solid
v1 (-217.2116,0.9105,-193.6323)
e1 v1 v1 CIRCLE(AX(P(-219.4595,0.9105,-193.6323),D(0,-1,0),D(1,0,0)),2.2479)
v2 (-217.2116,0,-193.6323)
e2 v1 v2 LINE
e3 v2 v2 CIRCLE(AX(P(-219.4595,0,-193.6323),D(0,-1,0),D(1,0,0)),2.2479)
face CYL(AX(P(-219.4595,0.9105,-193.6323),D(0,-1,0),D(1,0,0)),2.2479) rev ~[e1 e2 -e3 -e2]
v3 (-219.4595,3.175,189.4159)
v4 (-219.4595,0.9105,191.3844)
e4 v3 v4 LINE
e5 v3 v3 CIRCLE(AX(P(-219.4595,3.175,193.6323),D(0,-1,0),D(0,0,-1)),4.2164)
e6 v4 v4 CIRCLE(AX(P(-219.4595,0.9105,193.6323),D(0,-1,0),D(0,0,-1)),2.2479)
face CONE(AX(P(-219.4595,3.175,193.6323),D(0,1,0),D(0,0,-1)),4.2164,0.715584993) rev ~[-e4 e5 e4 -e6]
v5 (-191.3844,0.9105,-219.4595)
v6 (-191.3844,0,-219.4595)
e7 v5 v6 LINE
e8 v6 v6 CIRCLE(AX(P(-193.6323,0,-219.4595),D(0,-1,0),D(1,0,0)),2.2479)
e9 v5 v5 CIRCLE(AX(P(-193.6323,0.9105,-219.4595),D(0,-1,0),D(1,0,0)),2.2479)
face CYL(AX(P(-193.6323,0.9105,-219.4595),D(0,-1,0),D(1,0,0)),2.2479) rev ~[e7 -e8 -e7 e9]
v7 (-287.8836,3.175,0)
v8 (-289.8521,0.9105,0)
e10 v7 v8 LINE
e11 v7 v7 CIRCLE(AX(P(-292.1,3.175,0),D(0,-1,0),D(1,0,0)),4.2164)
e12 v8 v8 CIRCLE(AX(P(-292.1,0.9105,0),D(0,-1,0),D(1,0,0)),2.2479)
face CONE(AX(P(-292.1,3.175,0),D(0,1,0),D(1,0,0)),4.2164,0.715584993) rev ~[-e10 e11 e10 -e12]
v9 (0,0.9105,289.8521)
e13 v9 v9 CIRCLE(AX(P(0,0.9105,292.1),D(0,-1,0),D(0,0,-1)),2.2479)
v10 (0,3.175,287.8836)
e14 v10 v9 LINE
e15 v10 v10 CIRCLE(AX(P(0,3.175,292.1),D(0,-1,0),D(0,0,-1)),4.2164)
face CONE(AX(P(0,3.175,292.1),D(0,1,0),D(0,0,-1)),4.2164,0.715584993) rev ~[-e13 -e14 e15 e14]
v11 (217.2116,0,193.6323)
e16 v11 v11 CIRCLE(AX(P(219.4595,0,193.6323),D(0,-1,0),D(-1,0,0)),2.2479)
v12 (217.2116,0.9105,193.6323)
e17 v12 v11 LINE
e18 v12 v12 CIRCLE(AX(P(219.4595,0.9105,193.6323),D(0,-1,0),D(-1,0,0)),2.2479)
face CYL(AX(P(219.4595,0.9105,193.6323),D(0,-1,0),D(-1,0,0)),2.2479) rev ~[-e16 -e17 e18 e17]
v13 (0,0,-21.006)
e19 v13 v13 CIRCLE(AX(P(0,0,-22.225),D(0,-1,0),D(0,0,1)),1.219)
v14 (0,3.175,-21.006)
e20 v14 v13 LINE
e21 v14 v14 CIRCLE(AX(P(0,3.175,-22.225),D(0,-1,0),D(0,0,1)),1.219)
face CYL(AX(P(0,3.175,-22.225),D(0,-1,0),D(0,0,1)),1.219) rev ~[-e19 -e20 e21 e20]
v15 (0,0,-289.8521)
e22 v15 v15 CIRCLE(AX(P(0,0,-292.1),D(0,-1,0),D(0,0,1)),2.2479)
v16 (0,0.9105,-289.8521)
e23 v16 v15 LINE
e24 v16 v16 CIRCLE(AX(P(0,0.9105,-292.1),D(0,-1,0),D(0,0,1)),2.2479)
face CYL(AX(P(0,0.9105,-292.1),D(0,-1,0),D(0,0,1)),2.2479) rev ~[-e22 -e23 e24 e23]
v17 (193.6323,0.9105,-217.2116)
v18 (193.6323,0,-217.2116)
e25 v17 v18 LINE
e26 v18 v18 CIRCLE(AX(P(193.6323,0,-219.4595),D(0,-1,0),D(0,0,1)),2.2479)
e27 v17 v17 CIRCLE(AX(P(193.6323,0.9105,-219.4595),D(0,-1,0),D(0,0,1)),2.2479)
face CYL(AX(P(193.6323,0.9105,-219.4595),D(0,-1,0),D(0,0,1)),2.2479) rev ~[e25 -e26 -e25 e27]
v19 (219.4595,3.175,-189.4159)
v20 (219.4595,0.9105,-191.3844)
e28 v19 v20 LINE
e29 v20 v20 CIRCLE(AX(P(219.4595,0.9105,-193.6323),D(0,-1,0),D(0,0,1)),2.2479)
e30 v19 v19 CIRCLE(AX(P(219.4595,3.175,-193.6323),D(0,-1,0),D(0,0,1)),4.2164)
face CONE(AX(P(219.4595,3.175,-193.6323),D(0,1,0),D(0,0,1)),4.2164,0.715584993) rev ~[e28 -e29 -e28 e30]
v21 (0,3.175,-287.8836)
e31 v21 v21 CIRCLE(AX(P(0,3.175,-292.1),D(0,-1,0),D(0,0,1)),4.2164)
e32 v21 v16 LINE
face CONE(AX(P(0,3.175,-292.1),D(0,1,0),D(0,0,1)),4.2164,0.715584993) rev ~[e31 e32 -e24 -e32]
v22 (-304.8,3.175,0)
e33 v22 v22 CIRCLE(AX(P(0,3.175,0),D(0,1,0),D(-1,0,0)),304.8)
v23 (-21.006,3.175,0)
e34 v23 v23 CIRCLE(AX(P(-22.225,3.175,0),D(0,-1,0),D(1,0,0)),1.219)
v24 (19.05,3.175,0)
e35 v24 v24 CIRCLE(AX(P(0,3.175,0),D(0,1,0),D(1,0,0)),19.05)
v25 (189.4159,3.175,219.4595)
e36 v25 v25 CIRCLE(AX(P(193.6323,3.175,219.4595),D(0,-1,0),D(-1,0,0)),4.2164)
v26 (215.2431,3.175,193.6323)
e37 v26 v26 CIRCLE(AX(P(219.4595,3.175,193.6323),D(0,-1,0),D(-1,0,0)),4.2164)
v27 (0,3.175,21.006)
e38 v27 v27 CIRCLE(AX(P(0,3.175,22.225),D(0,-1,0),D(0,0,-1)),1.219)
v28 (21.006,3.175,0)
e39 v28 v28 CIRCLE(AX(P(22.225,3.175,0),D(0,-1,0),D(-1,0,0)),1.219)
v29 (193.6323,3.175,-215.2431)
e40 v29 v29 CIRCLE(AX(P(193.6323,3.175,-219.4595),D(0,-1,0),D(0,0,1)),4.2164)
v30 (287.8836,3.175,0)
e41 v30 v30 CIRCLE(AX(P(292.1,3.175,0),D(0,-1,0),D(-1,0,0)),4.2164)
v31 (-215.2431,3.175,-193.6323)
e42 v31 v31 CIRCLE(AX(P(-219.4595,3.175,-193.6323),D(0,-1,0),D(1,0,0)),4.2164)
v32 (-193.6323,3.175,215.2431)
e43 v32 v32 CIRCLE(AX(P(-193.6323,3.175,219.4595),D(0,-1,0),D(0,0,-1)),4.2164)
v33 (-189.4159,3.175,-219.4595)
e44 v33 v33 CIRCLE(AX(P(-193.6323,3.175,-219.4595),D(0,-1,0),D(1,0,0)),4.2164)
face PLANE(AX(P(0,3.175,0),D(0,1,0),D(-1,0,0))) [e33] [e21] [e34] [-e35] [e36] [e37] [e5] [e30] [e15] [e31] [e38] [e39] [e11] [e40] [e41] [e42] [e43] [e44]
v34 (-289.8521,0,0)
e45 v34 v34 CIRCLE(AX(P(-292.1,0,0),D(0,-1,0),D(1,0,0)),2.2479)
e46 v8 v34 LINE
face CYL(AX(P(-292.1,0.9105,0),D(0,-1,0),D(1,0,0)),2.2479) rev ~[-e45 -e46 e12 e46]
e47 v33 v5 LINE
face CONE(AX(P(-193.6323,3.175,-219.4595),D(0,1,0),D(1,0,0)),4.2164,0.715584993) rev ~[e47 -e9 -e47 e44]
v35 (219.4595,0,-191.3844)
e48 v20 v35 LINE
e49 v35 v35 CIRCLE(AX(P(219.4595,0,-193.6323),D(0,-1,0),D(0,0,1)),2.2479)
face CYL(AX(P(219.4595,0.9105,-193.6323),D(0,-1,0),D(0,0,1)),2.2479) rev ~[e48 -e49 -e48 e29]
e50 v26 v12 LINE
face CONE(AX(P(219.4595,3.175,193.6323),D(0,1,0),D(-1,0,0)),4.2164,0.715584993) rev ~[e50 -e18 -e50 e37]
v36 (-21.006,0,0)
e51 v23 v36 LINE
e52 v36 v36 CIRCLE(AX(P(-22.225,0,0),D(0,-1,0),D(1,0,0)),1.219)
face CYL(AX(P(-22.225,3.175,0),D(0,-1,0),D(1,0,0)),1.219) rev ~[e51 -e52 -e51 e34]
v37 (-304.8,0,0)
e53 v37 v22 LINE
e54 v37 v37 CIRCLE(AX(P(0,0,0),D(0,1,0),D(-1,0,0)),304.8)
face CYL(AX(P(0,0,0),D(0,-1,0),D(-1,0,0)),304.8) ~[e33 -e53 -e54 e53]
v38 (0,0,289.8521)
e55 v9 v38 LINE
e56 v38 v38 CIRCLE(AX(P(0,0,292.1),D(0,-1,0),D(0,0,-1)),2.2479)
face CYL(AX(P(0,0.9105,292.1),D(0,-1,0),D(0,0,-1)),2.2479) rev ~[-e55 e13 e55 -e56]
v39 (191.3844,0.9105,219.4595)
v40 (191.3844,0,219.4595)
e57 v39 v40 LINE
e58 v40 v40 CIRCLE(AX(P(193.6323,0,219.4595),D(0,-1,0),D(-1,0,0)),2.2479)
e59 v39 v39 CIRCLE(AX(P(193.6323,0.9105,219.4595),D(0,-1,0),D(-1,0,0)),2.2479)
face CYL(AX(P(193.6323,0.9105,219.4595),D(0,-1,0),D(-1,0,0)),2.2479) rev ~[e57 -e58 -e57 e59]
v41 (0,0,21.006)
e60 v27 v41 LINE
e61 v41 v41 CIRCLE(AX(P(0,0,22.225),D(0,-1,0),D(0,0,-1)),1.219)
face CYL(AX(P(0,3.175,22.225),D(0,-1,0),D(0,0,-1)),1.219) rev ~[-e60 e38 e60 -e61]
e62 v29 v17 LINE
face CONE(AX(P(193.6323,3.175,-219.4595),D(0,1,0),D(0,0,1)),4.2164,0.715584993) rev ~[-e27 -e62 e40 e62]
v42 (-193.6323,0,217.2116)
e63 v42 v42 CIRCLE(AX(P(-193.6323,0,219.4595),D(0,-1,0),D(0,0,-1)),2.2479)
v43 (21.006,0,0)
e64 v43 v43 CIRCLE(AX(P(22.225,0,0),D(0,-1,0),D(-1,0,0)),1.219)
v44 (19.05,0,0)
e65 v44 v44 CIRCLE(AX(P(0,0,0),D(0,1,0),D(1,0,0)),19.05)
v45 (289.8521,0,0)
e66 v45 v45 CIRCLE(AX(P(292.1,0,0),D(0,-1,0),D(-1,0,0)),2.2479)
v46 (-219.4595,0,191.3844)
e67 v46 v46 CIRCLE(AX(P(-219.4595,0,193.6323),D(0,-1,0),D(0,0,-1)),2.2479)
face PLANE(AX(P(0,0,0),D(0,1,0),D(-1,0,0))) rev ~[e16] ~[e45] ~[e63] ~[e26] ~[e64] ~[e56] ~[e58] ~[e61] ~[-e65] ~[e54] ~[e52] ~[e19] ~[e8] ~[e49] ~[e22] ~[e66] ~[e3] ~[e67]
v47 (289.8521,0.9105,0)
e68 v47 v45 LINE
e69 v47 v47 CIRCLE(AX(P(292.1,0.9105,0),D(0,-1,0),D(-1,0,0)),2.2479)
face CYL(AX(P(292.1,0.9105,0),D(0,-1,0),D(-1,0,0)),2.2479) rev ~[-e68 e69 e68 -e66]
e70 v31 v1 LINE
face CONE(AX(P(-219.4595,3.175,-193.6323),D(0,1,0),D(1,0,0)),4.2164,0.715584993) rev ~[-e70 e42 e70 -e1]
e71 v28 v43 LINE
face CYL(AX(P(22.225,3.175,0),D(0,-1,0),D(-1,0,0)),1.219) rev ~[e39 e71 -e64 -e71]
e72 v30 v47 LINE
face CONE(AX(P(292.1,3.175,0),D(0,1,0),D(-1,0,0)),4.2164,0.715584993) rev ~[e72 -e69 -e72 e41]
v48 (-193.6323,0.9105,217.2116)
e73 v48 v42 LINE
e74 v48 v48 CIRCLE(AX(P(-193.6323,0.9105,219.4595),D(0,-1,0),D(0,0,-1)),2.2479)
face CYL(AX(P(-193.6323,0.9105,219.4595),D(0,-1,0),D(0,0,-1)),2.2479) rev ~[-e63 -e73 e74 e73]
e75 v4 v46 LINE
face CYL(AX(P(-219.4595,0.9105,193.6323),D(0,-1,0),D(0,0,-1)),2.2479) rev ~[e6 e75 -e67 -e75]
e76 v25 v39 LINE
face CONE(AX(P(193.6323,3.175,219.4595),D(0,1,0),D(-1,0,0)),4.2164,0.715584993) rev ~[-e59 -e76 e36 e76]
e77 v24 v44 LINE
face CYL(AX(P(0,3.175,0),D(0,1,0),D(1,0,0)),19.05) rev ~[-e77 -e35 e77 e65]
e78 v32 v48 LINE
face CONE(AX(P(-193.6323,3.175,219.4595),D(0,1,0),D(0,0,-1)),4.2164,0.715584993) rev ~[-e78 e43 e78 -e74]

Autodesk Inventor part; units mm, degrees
ref_plane "YZ Plane" through (0, 0, 0) normal (1, 0, 0) x (0, 1, 0)
ref_plane "XZ Plane" through (0, 0, 0) normal (0, 1, 0) x (-1, 0, 0)
ref_plane "XY Plane" through (0, 0, 0) normal (0, 0, 1) x (1, 0, 0)
sketch "Sketch1" plane through (0, 0, 0) normal (0, 1, 0) x (-1, 0, 0)
  circle A0 centre (0, 0) radius 304.8
  dimension "d0" = 609.6
extrude "Extrusion1" add sketch "Sketch1" along normal blind 3.175
sketch "Sketch2" plane through (0, 3.175, 0) normal (0, 1, 0) x (1, 0, 0)
  circle A0 centre (0, 0) radius 304.8 projected
  circle A1 centre (0, 0) radius 19.05
  dimension "d3" = 38.1
extrude "Extrusion2" cut sketch "Sketch2" against normal blind 3.175 contours A1
sketch "Sketch3" plane through (0, 3.175, 0) normal (0, 1, 0) x (1, 0, 0)
  circle A0 centre (0, 0) radius 19.05 projected
  circle A1 centre (0, 292.1) radius 4.6302
  dimension "d6" = 292.1
hole "Hole1" at (0, 3.175, -292.1) direction (0, -1, 0) diameter 4.4958 end through all countersink diameter 8.4328 countersink angle 82
pattern_circular "Circular Pattern1" count 4 over 360 about axis through (0, 3.175, 0) along (0, -1, 0) of "Hole1"
sketch "Sketch4" plane through (0, 3.175, 0) normal (0, 1, 0) x (1, 0, 0)
  circle A0 centre (0, 0) radius 304.8 projected
  line L0 (0, 0) -> (304.8, 0) construction
  line L1 (0, 0) -> (206.5459, 206.5459) construction
  line L2 (193.6323, 219.4595) -> (-44.0898, -18.2626) construction
  line L3 (-44.0898, -18.2626) -> (304.8, -18.2626) construction
  line L4 (219.4595, 193.6323) -> (44.0898, 18.2626) construction
  line L5 (44.0898, 18.2626) -> (304.8, 18.2626) construction
  circle A1 centre (193.6323, 219.4595) radius 4.0648
  circle A2 centre (219.4595, 193.6323) radius 4.0772
  dimension "d20" = 292.1
  dimension "d21" = 45
  dimension "d22" = 18.2626
  dimension "d23" = 18.2626
hole "Hole2" at (193.6323, 3.175, -219.4595) at (219.4595, 3.175, -193.6323) direction (0, -1, 0) diameter 4.4958 end through all countersink diameter 8.4328 countersink angle 82
pattern_circular "Circular Pattern2" count 4 over 360 about axis through (0, 3.175, 0) along (0, -1, 0) of "Hole2"
sketch "Sketch5" plane through (0, 3.175, 0) normal (0, 1, 0) x (1, 0, 0)
  circle A0 centre (0, 0) radius 19.05 projected
  circle A1 centre (0, 22.225) radius 4.7781
  dimension "d34" = 22.225
hole "Hole3" at (0, 3.175, -22.225) direction (0, -1, 0) diameter 2.438 depth 8 tip angle 118 clearance for "Flat Head Machine Screw (82)" size "#2" standard "Ansi Unified Screw Threads"
pattern_circular "Circular Pattern3" count 4 over 360 about axis through (0, 3.175, 0) along (0, -1, 0) of "Hole3"
properties part number "2f1bd" material "Aluminum 6061"
